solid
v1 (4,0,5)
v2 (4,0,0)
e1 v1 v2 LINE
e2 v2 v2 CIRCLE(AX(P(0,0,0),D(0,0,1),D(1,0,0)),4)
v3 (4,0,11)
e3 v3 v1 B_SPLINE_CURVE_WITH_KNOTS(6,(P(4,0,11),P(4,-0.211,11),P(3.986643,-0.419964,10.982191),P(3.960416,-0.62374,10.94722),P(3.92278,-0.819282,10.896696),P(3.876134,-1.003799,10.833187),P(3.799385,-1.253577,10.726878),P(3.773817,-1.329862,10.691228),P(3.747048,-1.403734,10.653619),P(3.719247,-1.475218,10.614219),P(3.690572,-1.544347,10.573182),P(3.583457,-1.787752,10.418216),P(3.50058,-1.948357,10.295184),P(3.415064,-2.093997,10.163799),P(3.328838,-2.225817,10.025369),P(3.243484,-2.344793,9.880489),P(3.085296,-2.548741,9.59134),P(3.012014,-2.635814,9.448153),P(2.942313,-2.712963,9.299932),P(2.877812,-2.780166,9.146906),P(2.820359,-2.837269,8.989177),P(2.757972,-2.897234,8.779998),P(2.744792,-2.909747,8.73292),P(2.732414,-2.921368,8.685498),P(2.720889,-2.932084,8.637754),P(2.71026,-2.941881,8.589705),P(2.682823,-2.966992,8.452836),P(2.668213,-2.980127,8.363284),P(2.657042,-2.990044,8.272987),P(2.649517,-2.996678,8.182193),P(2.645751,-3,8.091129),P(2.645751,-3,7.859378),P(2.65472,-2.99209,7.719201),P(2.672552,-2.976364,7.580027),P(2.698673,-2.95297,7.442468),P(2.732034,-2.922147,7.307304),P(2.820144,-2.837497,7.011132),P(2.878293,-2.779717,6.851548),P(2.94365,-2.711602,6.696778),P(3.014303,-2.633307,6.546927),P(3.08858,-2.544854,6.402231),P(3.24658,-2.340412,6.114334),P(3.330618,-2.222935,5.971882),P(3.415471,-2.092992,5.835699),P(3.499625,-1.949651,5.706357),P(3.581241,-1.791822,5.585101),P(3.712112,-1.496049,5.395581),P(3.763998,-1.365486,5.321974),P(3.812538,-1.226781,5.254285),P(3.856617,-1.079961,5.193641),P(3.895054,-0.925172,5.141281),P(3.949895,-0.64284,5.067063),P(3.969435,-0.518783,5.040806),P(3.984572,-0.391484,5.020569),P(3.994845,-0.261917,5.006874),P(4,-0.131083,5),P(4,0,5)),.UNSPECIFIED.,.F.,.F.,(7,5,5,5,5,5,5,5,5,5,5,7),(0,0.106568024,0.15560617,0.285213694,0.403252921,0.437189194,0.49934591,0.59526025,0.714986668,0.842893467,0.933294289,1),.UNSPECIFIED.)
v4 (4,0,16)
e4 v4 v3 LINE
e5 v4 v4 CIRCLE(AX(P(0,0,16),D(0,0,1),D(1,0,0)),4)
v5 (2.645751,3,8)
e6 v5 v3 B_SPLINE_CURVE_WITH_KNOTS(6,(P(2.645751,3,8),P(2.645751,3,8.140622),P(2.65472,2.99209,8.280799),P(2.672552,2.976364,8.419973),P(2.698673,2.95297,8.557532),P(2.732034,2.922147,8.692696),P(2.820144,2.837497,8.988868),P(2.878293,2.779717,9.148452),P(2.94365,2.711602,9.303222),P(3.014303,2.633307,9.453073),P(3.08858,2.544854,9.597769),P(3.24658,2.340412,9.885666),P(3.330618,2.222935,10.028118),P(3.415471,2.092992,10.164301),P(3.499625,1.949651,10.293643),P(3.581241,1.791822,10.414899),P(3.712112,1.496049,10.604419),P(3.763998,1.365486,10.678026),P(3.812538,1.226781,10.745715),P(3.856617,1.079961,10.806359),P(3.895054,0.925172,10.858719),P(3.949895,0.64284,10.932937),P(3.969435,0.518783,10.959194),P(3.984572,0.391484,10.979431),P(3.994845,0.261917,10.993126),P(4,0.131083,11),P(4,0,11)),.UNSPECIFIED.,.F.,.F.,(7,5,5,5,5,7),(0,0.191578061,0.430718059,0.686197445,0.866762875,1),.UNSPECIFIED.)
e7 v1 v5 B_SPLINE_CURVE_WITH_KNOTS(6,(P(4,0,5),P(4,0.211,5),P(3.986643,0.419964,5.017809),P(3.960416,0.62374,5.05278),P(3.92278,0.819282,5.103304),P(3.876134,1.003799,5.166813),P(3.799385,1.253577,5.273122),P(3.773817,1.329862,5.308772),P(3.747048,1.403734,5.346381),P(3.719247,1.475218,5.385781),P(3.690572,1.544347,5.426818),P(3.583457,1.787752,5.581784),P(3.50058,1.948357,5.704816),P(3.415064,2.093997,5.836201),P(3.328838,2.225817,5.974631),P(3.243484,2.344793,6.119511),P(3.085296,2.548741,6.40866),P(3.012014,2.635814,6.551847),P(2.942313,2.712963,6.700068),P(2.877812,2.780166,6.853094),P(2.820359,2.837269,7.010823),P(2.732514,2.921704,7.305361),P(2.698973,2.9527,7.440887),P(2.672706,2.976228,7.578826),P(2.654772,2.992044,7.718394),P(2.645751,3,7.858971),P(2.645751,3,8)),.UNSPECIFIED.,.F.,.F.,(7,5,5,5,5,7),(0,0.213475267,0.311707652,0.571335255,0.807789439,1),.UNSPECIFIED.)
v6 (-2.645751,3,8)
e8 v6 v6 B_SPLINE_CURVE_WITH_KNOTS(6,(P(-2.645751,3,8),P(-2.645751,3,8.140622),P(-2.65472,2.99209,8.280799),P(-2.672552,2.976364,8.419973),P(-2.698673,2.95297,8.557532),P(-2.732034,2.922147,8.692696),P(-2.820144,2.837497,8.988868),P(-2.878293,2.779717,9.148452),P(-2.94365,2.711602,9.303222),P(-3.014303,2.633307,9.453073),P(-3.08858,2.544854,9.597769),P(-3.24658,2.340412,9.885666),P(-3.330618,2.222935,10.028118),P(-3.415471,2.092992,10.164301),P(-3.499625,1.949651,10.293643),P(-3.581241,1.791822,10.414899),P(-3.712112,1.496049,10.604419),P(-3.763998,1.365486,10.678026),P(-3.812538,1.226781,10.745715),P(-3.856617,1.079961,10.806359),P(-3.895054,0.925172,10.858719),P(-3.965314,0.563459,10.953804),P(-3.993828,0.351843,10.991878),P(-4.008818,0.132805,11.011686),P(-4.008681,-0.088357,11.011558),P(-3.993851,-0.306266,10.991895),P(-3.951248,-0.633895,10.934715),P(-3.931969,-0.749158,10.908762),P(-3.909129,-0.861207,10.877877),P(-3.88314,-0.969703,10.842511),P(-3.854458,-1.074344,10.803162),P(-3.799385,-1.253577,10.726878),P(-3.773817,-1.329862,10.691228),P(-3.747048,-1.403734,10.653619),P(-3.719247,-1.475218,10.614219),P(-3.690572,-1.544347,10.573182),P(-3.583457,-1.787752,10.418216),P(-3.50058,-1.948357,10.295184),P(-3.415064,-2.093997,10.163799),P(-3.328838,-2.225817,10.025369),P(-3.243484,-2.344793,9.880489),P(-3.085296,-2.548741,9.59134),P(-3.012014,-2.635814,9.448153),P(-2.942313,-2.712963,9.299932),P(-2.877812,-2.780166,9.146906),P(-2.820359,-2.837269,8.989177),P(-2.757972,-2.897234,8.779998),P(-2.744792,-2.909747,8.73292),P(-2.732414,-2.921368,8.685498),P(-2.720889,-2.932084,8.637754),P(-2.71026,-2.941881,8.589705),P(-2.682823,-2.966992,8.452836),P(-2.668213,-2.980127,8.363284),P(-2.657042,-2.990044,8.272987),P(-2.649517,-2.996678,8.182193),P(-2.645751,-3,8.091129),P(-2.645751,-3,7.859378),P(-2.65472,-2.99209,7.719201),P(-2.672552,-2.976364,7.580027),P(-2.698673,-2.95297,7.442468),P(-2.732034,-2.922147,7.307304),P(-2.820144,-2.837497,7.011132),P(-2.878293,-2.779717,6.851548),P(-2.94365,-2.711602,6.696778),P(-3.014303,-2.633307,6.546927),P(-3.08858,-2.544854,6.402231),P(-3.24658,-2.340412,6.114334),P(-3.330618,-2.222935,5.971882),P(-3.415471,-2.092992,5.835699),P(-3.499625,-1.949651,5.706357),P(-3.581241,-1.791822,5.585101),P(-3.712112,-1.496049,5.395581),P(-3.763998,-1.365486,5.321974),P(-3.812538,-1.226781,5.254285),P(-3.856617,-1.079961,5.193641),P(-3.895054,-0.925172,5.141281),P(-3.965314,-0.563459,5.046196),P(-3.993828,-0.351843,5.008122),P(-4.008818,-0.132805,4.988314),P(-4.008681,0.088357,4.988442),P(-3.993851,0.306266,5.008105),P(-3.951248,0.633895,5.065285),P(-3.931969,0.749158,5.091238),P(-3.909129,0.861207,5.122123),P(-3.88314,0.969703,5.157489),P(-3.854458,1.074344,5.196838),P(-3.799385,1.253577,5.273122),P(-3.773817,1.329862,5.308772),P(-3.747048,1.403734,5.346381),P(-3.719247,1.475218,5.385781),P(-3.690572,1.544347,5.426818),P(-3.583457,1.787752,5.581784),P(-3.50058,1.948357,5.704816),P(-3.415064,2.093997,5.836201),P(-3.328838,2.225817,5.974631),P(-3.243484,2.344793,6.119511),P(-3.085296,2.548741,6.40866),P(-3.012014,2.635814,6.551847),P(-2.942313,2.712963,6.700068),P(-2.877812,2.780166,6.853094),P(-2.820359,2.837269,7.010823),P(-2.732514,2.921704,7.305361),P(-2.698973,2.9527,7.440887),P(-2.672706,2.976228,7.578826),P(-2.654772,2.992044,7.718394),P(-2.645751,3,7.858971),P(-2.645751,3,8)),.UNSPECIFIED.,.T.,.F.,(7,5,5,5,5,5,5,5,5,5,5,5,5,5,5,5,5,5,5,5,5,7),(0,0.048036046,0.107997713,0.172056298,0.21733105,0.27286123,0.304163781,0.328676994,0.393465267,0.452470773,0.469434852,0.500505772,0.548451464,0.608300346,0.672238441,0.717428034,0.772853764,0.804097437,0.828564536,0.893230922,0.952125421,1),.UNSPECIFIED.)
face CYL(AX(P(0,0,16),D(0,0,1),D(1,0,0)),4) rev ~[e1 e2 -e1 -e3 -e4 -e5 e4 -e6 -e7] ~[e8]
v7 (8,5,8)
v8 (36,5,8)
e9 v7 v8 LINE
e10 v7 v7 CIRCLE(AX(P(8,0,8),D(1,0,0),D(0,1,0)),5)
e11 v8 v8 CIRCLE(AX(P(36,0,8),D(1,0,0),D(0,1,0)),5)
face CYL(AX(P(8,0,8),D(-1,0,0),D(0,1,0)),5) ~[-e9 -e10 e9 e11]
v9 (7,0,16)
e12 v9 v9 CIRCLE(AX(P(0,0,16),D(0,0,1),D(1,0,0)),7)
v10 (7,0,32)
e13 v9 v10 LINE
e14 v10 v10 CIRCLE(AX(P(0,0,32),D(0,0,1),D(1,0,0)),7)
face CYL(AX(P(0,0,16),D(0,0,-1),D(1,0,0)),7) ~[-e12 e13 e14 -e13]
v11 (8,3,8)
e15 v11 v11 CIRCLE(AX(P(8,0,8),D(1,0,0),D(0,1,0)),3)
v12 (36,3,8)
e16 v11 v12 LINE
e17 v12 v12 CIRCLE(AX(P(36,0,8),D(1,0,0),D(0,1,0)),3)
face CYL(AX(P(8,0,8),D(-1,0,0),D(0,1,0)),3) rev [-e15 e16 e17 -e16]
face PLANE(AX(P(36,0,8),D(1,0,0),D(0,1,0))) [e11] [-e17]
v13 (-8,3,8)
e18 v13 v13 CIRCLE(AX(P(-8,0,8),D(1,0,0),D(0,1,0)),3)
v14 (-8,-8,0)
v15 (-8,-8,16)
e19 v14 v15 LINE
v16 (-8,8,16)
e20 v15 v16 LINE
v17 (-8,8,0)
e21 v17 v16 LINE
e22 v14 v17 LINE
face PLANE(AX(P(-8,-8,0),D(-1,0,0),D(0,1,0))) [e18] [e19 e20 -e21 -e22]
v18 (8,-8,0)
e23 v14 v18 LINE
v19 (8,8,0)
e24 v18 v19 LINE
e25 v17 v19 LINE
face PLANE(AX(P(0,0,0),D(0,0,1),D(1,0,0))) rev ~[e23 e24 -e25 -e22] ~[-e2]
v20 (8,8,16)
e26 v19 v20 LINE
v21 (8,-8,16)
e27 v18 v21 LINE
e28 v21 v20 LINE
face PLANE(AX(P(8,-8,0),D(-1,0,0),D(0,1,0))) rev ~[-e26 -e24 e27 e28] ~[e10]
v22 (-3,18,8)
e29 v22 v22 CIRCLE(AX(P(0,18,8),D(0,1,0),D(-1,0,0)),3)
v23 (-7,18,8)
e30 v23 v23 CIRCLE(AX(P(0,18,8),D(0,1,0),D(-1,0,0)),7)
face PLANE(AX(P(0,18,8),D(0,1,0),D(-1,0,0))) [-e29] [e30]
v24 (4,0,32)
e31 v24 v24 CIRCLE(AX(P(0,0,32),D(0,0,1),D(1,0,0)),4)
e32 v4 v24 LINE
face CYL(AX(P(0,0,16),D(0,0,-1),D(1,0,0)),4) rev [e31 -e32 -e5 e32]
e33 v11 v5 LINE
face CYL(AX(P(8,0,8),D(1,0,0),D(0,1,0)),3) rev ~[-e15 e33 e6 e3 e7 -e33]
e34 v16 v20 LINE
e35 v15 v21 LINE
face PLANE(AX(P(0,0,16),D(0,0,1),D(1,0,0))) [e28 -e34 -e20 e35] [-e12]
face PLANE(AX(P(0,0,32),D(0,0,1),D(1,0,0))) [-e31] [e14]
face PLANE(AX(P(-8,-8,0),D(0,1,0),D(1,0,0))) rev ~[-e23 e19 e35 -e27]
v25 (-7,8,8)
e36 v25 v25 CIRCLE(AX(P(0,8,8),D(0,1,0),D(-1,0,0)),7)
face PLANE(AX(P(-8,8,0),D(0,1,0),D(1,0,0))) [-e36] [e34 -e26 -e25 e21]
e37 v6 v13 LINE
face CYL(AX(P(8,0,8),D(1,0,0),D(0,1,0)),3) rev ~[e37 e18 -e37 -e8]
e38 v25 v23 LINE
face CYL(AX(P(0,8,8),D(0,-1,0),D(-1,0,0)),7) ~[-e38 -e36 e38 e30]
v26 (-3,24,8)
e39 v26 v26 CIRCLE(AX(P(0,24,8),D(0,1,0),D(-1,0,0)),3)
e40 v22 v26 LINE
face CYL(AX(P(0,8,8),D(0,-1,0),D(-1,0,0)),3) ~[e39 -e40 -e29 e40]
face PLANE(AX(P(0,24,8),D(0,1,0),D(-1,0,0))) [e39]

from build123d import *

# Parameters (mm, degrees)
F0_W      = 16
F0_H      = 16
F1_DEPTH  = 16
F2_R      = 3
F3_DEPTH  = 25
F2_R_2    = 5
F4_DEPTH  = 28
F5_R      = 4
F6_DEPTH  = 25
F5_R_2    = 7
F7_DEPTH  = 16
F8_R      = 3
F9_DEPTH  = 16
F8_R_2    = 7
F10_DEPTH = 10


with BuildPart() as f1:
    # F0 (on Top) → F1 (new body)
    with BuildSketch(Plane.XY):
        Rectangle(F0_W, F0_H)
    extrude(amount=F1_DEPTH)

    # F2 (on face) → F3 (cut)
    with BuildSketch(Plane.YZ.offset(8)):
        with Locations((0, 8)):
            Circle(F2_R)
    extrude(amount=-F3_DEPTH, mode=Mode.SUBTRACT)

    # F2 (on face) → F4 (join)
    with BuildSketch(Plane.YZ.offset(8)):
        with Locations((0, 8)):
            Circle(F2_R_2)
        with Locations((0, 8)):
            Circle(F2_R, mode=Mode.SUBTRACT)
    extrude(amount=F4_DEPTH)

    # F5 (on face) → F6 (cut)
    with BuildSketch(Plane.XY.offset(16)):
        Circle(F5_R)
    extrude(amount=-F6_DEPTH, mode=Mode.SUBTRACT)

    # F5 (on face) → F7 (join)
    with BuildSketch(Plane.XY.offset(16)):
        Circle(F5_R_2)
        Circle(F5_R, mode=Mode.SUBTRACT)
    extrude(amount=F7_DEPTH)

    # F8 (on face) → F9 (join)
    with BuildSketch(Plane(origin=(0, 8, 0), x_dir=(-1, 0, 0), z_dir=(0, 1, 0))):
        with Locations((0, 8)):
            Circle(F8_R)
    extrude(amount=F9_DEPTH)

    # F8 (on face) → F10 (join)
    with BuildSketch(Plane(origin=(0, 8, 0), x_dir=(-1, 0, 0), z_dir=(0, 1, 0))):
        with Locations((0, 8)):
            Circle(F8_R_2)
        with Locations((0, 8)):
            Circle(F8_R, mode=Mode.SUBTRACT)
    extrude(amount=F10_DEPTH)


solid = f1.part
